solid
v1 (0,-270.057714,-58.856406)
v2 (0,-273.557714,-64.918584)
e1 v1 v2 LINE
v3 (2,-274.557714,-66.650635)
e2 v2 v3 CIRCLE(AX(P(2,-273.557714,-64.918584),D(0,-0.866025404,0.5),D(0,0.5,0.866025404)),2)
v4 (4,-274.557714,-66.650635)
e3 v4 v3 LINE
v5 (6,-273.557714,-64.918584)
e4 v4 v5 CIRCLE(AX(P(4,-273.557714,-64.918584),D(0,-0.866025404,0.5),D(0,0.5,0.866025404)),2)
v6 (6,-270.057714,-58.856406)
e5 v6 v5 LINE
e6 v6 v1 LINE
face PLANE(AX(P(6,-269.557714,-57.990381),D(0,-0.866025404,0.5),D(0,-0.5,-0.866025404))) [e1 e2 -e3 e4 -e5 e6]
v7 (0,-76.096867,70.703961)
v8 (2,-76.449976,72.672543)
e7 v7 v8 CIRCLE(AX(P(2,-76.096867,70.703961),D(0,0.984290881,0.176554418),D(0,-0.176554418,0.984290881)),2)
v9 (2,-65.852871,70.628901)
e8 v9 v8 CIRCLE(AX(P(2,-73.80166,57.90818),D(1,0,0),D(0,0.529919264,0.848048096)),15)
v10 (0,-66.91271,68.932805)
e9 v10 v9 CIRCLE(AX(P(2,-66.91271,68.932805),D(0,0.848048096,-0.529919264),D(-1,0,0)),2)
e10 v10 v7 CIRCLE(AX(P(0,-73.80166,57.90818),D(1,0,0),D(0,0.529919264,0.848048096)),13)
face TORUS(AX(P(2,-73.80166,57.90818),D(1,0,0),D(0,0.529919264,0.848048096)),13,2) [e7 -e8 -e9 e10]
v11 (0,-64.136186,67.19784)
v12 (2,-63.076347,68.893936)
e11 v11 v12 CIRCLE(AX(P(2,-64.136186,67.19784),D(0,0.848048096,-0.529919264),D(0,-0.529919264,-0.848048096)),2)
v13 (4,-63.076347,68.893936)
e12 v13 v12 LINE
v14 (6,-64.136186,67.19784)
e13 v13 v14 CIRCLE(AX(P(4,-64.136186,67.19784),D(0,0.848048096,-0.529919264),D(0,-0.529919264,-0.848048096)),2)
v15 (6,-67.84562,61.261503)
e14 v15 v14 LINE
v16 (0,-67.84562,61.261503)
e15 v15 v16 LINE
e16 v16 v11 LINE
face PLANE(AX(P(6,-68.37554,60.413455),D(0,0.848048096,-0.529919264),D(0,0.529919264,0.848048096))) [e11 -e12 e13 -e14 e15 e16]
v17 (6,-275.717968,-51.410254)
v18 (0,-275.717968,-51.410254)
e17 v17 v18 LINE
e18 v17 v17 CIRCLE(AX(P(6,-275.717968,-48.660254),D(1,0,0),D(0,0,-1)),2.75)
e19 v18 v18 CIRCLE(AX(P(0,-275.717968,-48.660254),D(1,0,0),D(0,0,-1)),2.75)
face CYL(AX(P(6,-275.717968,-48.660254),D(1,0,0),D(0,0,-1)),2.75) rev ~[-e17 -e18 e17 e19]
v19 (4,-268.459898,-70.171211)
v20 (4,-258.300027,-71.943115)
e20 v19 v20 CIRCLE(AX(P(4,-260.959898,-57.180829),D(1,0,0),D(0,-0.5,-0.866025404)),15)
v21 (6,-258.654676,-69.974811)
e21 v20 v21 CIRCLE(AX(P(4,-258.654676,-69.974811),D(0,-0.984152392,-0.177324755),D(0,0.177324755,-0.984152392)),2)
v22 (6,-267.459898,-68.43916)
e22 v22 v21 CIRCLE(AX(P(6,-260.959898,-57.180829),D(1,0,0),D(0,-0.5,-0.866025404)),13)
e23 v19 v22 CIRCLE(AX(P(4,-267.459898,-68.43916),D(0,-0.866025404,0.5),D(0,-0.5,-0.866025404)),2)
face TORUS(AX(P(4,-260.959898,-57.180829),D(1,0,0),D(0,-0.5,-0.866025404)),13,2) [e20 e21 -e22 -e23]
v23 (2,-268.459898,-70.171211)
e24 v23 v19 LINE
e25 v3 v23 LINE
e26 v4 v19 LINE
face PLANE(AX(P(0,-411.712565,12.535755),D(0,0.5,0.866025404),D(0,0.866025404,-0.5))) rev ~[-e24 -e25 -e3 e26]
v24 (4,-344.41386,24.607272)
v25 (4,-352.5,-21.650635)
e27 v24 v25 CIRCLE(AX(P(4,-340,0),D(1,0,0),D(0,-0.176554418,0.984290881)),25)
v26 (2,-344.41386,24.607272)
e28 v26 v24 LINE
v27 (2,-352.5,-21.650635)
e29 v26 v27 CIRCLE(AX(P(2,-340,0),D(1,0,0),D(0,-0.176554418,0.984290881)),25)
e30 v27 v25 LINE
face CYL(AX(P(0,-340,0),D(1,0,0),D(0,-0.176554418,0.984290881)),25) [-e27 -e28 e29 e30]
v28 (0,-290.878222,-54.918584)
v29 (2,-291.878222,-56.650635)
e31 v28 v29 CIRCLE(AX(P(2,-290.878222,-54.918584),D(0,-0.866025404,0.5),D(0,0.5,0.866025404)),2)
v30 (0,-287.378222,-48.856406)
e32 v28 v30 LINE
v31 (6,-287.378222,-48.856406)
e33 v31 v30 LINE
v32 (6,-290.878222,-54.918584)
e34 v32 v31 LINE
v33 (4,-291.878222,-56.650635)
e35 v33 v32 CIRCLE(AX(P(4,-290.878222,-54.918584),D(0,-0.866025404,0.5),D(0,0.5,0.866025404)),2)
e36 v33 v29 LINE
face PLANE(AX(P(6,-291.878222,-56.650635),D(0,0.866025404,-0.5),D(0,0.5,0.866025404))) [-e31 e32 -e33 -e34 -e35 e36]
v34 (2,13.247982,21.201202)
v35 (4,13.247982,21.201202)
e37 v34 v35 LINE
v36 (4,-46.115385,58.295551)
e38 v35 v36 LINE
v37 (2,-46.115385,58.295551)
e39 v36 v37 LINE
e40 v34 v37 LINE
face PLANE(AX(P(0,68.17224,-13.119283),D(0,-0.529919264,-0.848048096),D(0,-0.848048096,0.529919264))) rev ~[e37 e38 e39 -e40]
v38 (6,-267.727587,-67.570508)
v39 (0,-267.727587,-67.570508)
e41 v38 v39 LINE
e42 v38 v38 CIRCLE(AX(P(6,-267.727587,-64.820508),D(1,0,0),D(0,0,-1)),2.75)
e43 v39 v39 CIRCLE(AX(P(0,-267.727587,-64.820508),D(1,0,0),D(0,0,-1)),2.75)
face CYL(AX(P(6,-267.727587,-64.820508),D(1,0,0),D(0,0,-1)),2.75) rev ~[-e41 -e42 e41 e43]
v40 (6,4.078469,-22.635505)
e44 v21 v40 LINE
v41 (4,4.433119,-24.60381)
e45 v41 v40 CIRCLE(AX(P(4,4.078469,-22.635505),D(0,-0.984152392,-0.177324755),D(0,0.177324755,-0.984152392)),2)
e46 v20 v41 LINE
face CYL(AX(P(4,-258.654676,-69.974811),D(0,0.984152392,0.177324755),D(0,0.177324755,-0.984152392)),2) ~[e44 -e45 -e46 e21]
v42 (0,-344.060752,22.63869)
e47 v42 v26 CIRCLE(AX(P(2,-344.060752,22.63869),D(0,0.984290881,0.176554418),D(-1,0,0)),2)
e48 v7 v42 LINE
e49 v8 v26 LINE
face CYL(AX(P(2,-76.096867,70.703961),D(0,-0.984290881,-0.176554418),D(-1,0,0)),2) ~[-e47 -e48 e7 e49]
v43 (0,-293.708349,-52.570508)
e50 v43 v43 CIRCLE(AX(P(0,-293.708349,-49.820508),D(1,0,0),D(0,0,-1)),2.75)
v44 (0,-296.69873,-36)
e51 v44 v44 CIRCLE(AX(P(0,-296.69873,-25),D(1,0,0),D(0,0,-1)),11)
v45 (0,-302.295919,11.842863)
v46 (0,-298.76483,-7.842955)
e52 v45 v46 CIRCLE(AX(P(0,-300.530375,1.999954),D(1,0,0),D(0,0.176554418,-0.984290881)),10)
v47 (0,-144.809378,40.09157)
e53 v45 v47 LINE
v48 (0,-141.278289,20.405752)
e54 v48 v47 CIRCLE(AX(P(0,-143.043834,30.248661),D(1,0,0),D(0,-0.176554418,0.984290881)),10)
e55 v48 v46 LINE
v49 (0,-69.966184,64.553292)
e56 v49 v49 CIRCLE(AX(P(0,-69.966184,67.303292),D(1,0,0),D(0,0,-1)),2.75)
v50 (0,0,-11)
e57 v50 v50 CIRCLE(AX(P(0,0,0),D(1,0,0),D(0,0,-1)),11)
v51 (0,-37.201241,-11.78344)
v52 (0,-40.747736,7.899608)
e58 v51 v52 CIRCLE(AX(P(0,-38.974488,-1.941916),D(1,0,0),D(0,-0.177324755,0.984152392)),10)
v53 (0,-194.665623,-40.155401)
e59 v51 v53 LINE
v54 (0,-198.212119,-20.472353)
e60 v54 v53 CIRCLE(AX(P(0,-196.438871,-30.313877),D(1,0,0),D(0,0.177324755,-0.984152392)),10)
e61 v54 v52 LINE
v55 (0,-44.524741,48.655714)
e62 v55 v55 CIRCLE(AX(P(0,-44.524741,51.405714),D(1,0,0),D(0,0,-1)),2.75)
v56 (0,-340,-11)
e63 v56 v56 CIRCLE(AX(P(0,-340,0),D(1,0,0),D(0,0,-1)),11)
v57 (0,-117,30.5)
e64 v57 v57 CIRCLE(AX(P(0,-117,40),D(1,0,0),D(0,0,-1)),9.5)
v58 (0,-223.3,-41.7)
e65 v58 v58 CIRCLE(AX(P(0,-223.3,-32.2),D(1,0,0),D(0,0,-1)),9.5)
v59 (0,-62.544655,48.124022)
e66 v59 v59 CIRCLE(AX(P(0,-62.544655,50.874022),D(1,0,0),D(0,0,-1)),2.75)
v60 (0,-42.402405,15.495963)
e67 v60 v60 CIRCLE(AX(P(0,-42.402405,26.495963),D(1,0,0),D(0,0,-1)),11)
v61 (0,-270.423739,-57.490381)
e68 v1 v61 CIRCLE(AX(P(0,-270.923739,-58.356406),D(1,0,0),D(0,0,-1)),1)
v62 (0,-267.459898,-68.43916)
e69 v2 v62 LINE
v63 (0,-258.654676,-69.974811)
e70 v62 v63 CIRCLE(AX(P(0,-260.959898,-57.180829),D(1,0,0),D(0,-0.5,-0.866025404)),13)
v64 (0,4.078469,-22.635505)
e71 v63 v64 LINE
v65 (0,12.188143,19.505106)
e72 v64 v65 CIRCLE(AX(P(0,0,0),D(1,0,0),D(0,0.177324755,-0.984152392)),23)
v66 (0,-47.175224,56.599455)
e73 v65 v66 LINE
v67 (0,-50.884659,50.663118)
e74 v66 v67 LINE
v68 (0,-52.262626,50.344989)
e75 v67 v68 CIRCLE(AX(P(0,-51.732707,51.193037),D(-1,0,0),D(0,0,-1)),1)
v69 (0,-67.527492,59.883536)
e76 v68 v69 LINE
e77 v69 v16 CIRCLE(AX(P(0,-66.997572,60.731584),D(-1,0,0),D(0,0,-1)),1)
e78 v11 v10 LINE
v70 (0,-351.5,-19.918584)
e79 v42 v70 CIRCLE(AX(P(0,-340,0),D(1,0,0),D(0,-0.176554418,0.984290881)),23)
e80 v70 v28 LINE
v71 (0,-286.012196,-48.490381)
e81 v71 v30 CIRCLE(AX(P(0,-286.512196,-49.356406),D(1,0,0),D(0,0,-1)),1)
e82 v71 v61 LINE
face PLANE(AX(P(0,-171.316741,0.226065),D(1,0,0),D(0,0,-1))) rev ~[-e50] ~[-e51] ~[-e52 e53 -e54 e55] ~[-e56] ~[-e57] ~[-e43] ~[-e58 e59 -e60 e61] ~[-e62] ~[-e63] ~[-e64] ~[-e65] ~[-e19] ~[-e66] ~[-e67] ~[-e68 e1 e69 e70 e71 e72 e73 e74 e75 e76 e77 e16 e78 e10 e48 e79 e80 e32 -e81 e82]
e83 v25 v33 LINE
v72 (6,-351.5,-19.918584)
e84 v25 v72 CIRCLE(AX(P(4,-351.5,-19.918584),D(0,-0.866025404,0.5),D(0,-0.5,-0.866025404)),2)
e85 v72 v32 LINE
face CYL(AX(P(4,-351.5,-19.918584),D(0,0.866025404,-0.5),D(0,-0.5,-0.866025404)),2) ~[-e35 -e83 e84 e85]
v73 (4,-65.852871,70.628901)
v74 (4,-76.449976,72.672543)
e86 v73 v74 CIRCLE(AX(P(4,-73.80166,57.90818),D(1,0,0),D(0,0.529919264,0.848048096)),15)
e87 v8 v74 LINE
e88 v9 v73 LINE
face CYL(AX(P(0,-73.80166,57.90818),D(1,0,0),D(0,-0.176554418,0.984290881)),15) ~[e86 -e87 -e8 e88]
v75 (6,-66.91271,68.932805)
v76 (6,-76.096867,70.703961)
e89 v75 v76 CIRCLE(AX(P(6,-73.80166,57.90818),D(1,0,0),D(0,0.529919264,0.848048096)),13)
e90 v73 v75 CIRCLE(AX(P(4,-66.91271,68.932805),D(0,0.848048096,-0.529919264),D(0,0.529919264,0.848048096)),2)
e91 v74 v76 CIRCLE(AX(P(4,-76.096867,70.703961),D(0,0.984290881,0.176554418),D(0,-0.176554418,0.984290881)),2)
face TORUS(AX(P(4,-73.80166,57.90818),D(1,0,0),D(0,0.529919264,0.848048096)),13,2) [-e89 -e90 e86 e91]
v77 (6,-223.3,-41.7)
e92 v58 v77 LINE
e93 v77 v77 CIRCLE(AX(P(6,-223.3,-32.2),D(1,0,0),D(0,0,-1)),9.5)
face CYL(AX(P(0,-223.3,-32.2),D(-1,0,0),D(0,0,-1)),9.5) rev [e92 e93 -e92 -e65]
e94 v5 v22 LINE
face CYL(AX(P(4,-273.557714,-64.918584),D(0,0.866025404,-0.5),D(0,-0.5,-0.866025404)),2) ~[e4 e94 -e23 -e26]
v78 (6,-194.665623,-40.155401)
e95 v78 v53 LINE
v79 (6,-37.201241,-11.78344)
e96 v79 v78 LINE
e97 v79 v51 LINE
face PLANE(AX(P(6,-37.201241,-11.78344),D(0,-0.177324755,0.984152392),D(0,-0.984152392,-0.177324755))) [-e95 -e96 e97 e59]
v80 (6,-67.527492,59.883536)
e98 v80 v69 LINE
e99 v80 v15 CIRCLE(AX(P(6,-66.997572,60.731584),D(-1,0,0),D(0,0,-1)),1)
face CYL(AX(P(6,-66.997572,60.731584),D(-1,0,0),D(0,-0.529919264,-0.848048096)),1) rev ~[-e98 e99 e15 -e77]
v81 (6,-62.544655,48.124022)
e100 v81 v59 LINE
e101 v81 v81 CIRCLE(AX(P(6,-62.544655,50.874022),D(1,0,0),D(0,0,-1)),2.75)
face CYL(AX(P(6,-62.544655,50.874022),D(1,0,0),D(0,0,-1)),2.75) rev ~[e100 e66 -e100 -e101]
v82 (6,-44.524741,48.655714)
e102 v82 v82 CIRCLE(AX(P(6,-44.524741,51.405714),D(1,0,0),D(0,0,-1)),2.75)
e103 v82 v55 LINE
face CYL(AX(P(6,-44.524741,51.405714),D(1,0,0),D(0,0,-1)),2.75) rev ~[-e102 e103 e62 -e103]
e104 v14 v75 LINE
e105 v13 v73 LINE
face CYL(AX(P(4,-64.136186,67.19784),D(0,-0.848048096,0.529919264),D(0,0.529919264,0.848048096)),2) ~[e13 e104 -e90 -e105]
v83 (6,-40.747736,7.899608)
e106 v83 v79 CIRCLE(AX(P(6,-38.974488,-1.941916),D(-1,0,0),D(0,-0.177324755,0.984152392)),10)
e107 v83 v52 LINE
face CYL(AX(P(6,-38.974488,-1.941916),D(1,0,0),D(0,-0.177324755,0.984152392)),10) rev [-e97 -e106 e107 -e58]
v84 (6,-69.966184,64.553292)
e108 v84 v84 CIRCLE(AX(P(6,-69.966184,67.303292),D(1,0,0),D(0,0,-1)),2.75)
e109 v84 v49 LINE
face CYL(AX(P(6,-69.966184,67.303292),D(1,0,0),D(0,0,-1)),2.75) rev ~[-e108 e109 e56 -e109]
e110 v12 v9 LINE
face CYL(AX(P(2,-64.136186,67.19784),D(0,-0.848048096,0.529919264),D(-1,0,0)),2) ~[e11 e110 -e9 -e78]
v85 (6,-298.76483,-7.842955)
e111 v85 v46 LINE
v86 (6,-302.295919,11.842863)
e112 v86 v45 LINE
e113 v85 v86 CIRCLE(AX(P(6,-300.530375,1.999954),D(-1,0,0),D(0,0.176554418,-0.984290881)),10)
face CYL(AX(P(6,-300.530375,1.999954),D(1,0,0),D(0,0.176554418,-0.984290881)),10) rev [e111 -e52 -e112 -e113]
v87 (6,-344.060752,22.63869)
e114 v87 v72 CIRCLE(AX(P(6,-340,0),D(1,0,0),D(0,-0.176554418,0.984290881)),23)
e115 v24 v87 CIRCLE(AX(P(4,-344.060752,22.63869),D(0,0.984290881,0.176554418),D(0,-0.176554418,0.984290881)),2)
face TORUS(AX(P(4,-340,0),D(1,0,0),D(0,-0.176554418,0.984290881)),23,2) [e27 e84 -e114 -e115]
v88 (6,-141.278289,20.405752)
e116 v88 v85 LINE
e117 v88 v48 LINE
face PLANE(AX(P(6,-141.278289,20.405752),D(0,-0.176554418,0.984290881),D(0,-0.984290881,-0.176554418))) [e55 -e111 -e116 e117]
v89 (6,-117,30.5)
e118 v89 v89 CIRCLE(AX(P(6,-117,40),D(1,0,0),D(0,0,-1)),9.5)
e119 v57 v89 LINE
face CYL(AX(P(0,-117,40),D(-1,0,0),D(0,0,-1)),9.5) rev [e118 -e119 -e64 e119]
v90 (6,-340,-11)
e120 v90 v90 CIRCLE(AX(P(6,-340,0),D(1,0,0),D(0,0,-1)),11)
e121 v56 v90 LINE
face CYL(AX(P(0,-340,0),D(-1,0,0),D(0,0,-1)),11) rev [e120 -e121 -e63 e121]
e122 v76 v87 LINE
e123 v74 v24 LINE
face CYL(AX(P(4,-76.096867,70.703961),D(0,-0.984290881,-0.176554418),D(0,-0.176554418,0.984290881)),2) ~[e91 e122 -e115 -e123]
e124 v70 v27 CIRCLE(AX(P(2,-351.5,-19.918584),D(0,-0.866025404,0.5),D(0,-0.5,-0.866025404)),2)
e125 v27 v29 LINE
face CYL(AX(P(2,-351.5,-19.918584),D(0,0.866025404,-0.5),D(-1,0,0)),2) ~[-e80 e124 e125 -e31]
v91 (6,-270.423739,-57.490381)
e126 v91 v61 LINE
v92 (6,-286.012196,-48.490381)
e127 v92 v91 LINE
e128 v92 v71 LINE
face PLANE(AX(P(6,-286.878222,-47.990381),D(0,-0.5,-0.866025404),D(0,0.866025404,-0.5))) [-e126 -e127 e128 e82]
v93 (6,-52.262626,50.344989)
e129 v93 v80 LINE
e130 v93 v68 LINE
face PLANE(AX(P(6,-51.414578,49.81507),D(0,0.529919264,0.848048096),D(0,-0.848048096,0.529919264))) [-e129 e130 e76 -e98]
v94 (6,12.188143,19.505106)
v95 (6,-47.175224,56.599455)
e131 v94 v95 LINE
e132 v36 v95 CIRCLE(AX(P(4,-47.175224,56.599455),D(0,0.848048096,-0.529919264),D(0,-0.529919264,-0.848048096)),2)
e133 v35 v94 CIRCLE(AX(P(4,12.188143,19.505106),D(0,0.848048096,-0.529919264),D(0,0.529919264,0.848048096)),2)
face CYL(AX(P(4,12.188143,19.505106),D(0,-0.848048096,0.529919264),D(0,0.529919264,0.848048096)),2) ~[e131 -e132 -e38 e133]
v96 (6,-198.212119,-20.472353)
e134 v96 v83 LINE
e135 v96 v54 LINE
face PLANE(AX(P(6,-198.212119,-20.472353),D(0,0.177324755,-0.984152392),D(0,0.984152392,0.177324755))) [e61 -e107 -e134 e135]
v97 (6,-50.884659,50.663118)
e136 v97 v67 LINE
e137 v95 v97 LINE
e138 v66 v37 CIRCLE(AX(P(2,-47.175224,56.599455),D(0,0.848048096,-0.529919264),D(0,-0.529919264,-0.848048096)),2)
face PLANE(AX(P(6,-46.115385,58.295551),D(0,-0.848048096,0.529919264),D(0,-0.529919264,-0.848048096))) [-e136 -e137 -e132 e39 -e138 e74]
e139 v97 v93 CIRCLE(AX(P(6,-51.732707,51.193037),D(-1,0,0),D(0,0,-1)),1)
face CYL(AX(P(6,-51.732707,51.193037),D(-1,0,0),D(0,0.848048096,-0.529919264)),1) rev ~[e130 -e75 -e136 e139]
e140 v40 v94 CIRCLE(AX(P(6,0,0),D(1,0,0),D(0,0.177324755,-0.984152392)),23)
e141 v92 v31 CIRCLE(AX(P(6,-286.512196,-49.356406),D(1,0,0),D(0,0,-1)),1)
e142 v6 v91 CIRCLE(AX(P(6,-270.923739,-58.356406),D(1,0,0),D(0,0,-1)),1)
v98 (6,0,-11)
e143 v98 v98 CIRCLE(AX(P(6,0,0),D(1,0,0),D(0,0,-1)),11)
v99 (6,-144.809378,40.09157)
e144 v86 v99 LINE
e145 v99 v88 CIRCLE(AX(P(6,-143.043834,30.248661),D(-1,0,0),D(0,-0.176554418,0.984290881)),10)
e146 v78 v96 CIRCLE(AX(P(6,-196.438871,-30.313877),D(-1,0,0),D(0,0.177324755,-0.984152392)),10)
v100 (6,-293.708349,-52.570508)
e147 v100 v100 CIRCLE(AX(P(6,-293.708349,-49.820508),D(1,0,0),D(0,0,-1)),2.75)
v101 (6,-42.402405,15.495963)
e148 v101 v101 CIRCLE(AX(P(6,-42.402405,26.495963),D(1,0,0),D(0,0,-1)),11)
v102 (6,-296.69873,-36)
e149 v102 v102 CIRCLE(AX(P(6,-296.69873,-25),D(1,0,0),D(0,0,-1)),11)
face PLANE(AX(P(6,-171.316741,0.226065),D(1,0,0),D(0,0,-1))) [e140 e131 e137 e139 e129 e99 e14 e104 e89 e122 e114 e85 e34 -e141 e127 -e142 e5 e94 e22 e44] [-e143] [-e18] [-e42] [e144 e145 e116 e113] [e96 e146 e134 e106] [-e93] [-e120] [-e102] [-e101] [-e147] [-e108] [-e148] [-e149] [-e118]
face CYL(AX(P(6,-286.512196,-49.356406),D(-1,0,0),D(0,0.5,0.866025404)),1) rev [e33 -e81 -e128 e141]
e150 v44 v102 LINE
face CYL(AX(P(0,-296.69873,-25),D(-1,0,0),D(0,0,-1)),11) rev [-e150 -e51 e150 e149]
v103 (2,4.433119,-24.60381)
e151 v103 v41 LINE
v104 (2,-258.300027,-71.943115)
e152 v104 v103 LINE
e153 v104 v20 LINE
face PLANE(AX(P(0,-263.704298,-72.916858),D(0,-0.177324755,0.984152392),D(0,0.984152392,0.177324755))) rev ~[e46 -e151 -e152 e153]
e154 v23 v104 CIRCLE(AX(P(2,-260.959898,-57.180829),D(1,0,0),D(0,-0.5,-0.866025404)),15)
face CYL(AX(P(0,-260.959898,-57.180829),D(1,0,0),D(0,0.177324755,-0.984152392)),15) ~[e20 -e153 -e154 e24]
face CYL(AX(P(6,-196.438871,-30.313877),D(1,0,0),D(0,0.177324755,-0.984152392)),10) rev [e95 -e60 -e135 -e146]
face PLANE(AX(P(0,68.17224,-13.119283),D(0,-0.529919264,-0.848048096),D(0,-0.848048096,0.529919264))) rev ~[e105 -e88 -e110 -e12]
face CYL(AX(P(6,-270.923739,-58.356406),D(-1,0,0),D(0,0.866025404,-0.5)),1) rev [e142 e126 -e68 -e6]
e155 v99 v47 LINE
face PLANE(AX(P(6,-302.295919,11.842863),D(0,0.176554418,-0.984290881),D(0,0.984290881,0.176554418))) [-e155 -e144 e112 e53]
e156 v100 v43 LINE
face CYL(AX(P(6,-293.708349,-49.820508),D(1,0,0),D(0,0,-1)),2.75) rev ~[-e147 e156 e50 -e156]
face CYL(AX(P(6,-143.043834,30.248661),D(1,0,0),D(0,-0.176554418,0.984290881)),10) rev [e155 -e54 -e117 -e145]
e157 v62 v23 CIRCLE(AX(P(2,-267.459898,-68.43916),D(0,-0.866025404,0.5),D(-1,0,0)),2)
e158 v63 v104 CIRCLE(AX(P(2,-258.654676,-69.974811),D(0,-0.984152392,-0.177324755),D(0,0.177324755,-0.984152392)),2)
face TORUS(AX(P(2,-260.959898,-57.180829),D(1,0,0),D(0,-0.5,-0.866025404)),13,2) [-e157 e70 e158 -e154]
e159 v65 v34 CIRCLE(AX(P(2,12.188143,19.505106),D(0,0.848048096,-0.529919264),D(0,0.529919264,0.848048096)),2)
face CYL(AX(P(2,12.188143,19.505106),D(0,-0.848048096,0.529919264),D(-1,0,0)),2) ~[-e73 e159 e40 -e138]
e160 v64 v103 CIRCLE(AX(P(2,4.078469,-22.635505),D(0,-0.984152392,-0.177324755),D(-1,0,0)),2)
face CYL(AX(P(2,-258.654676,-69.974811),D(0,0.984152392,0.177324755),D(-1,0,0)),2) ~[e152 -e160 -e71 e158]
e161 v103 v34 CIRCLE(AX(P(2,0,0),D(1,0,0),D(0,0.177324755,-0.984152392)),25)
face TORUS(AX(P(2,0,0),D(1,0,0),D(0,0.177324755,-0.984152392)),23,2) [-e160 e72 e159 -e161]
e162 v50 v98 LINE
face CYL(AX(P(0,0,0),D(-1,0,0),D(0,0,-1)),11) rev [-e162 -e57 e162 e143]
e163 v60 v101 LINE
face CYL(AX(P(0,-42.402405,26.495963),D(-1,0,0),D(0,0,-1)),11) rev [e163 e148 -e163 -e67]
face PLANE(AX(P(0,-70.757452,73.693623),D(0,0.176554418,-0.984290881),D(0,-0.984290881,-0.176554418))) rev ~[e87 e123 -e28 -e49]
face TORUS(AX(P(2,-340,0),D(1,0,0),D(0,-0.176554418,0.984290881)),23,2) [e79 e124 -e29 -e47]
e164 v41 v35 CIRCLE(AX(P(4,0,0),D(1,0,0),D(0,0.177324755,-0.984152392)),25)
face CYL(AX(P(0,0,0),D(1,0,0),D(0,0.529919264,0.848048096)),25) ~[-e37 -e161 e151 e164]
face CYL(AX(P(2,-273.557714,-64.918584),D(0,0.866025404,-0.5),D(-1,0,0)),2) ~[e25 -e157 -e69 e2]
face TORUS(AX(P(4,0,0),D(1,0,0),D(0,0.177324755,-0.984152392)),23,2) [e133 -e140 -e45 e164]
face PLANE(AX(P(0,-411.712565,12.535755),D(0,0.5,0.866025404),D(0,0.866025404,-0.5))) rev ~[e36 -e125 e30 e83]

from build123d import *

# Parameters (mm, degrees)
SKETCH_2_R          = 9.5
SKETCH_2_R_2        = 11
EXTRUDE_1_DEPTH     = 6
CUT_EXTRUDE_1_DEPTH = 10
FILLET_1_R          = 25
SKETCH_4_R          = 2.75
CUT_EXTRUDE_2_DEPTH = 10
FILLET_2_R          = 15
FILLET_3_R          = 1
FILLET_4_R          = 2


with BuildPart() as part:
    # 草图2 → 凸台-拉伸1 (new body)
    with BuildSketch(Plane(origin=(0, 0, 0), x_dir=(0, 0, -1), z_dir=(1, 0, 0))):
        Polygon((13.119283448, 68.172240168), (-73.693623294, -70.757452058), (-12.535755442, -411.712565336), (72.916857811, -263.704297543), align=None)
        with Locations((-40, -117)):
            Circle(SKETCH_2_R, mode=Mode.SUBTRACT)
        with Locations((25, -296.698729811)):
            Circle(SKETCH_2_R_2, mode=Mode.SUBTRACT)
        with Locations((0, -340)):
            Circle(SKETCH_2_R_2, mode=Mode.SUBTRACT)
        with Locations((-26.495963212, -42.402404808)):
            Circle(SKETCH_2_R_2, mode=Mode.SUBTRACT)
        with Locations((32.2, -223.3)):
            Circle(SKETCH_2_R, mode=Mode.SUBTRACT)
        Circle(SKETCH_2_R_2, mode=Mode.SUBTRACT)
    extrude(amount=EXTRUDE_1_DEPTH)

    # 草图3 → 切除-拉伸1 (cut)
    with BuildSketch(Plane(origin=(6, 0, 0), x_dir=(0, 0, -1), z_dir=(1, 0, 0))):
        with BuildLine():
            Line((-20.40575236, -141.278289439), (7.842954525, -298.764830322))
            ThreePointArc((7.842954525, -298.764830322), (-0.2344101, -310.373283308), (-11.842863085, -302.295918683))
            Line((-11.842863085, -302.295918683), (-40.09156997, -144.8093778))
            ThreePointArc((-40.09156997, -144.8093778), (-32.014205345, -133.200924814), (-20.40575236, -141.278289439))
        make_face()
        with BuildLine():
            Line((11.783440235, -37.201240644), (40.155401092, -194.665623401))
            ThreePointArc((40.155401092, -194.665623401), (32.087124724, -206.280394877), (20.472353248, -198.212118508))
            Line((20.472353248, -198.212118508), (-7.89960761, -40.747735751))
            ThreePointArc((-7.89960761, -40.747735751), (0.168668759, -29.132964275), (11.783440235, -37.201240644))
        make_face()
    extrude(amount=-CUT_EXTRUDE_1_DEPTH, mode=Mode.SUBTRACT)

    # 圆角1
    fillet_1_edges = [part.edges().sort_by_distance(p)[0] for p in [
        (3, -411.712565336, 12.535755442),
        (3, 68.172240168, -13.119283448),
    ]]
    fillet(fillet_1_edges, radius=FILLET_1_R)

    # 草图4 → 切除-拉伸2 (cut)
    with BuildSketch(Plane(origin=(6, 0, 0), x_dir=(0, 0, -1), z_dir=(1, 0, 0))):
        with Locations((-51.405714098, -44.524740966)):
            Circle(SKETCH_4_R)
        with Locations((-67.303292025, -69.96618385)):
            Circle(SKETCH_4_R)
        with Locations((-50.8740221, -62.54465505)):
            Circle(SKETCH_4_R)
        with Locations((48.660254038, -275.717967697)):
            Circle(SKETCH_4_R)
        with Locations((49.820508076, -293.708348754)):
            Circle(SKETCH_4_R)
        with Locations((64.820508076, -267.72758664)):
            Circle(SKETCH_4_R)
        Polygon((-68.893936185, -63.076347048), (-58.2955509, -46.115385125), (-49.815069939, -51.414577767), (-60.413455223, -68.375539691), align=None)
        Polygon((47.990381057, -286.878221735), (57.990381057, -269.557713659), (66.650635095, -274.557713659), (56.650635095, -291.878221735), align=None)
    extrude(amount=-CUT_EXTRUDE_2_DEPTH, mode=Mode.SUBTRACT)

    # 圆角2
    fillet_2_edges = [part.edges().sort_by_distance(p)[0] for p in [
        (3, -263.704297543, -72.916857811),
        (3, -70.757452058, 73.693623294),
    ]]
    fillet(fillet_2_edges, radius=FILLET_2_R)

    # 圆角3
    fillet_3_edges = [part.edges().sort_by_distance(p)[0] for p in [
        (3, -286.878221735, -47.990381057),
        (3, -269.557713659, -57.990381057),
        (3, -51.414577767, 49.815069939),
        (3, -68.375539691, 60.413455223),
    ]]
    fillet(fillet_3_edges, radius=FILLET_3_R)

    # 圆角4
    fillet_4_edges = [part.edges().sort_by_distance(p)[0] for p in [
        (0, -210.431918375, 48.639907363),
        (6, -210.431918375, 48.639907363),
        (0, -126.933453974, -48.273462573),
        (0, -263.537032824, -71.957783708),
        (0, -70.961260301, 72.636795509),
        (6, -126.933453974, -48.273462573),
        (6, -263.537032824, -71.957783708),
        (6, -70.961260301, 72.636795509),
        (0, -322.189110868, -39.150635095),
        (6, -322.189110868, -39.150635095),
        (0, -16.43370176, 39.748376652),
        (0, 24.54954408, -4.724392605),
        (0, -364.626574291, 4.304862213),
        (6, -16.43370176, 39.748376652),
        (6, 24.54954408, -4.724392605),
        (6, -364.626574291, 4.304862213),
        (6, -271.508805911, -68.410922804),
        (0, -271.508805911, -68.410922804),
        (6, -64.464609056, 69.761418566),
        (0, -64.464609056, 69.761418566),
    ]]
    fillet(fillet_4_edges, radius=FILLET_4_R)


solid = part.part
